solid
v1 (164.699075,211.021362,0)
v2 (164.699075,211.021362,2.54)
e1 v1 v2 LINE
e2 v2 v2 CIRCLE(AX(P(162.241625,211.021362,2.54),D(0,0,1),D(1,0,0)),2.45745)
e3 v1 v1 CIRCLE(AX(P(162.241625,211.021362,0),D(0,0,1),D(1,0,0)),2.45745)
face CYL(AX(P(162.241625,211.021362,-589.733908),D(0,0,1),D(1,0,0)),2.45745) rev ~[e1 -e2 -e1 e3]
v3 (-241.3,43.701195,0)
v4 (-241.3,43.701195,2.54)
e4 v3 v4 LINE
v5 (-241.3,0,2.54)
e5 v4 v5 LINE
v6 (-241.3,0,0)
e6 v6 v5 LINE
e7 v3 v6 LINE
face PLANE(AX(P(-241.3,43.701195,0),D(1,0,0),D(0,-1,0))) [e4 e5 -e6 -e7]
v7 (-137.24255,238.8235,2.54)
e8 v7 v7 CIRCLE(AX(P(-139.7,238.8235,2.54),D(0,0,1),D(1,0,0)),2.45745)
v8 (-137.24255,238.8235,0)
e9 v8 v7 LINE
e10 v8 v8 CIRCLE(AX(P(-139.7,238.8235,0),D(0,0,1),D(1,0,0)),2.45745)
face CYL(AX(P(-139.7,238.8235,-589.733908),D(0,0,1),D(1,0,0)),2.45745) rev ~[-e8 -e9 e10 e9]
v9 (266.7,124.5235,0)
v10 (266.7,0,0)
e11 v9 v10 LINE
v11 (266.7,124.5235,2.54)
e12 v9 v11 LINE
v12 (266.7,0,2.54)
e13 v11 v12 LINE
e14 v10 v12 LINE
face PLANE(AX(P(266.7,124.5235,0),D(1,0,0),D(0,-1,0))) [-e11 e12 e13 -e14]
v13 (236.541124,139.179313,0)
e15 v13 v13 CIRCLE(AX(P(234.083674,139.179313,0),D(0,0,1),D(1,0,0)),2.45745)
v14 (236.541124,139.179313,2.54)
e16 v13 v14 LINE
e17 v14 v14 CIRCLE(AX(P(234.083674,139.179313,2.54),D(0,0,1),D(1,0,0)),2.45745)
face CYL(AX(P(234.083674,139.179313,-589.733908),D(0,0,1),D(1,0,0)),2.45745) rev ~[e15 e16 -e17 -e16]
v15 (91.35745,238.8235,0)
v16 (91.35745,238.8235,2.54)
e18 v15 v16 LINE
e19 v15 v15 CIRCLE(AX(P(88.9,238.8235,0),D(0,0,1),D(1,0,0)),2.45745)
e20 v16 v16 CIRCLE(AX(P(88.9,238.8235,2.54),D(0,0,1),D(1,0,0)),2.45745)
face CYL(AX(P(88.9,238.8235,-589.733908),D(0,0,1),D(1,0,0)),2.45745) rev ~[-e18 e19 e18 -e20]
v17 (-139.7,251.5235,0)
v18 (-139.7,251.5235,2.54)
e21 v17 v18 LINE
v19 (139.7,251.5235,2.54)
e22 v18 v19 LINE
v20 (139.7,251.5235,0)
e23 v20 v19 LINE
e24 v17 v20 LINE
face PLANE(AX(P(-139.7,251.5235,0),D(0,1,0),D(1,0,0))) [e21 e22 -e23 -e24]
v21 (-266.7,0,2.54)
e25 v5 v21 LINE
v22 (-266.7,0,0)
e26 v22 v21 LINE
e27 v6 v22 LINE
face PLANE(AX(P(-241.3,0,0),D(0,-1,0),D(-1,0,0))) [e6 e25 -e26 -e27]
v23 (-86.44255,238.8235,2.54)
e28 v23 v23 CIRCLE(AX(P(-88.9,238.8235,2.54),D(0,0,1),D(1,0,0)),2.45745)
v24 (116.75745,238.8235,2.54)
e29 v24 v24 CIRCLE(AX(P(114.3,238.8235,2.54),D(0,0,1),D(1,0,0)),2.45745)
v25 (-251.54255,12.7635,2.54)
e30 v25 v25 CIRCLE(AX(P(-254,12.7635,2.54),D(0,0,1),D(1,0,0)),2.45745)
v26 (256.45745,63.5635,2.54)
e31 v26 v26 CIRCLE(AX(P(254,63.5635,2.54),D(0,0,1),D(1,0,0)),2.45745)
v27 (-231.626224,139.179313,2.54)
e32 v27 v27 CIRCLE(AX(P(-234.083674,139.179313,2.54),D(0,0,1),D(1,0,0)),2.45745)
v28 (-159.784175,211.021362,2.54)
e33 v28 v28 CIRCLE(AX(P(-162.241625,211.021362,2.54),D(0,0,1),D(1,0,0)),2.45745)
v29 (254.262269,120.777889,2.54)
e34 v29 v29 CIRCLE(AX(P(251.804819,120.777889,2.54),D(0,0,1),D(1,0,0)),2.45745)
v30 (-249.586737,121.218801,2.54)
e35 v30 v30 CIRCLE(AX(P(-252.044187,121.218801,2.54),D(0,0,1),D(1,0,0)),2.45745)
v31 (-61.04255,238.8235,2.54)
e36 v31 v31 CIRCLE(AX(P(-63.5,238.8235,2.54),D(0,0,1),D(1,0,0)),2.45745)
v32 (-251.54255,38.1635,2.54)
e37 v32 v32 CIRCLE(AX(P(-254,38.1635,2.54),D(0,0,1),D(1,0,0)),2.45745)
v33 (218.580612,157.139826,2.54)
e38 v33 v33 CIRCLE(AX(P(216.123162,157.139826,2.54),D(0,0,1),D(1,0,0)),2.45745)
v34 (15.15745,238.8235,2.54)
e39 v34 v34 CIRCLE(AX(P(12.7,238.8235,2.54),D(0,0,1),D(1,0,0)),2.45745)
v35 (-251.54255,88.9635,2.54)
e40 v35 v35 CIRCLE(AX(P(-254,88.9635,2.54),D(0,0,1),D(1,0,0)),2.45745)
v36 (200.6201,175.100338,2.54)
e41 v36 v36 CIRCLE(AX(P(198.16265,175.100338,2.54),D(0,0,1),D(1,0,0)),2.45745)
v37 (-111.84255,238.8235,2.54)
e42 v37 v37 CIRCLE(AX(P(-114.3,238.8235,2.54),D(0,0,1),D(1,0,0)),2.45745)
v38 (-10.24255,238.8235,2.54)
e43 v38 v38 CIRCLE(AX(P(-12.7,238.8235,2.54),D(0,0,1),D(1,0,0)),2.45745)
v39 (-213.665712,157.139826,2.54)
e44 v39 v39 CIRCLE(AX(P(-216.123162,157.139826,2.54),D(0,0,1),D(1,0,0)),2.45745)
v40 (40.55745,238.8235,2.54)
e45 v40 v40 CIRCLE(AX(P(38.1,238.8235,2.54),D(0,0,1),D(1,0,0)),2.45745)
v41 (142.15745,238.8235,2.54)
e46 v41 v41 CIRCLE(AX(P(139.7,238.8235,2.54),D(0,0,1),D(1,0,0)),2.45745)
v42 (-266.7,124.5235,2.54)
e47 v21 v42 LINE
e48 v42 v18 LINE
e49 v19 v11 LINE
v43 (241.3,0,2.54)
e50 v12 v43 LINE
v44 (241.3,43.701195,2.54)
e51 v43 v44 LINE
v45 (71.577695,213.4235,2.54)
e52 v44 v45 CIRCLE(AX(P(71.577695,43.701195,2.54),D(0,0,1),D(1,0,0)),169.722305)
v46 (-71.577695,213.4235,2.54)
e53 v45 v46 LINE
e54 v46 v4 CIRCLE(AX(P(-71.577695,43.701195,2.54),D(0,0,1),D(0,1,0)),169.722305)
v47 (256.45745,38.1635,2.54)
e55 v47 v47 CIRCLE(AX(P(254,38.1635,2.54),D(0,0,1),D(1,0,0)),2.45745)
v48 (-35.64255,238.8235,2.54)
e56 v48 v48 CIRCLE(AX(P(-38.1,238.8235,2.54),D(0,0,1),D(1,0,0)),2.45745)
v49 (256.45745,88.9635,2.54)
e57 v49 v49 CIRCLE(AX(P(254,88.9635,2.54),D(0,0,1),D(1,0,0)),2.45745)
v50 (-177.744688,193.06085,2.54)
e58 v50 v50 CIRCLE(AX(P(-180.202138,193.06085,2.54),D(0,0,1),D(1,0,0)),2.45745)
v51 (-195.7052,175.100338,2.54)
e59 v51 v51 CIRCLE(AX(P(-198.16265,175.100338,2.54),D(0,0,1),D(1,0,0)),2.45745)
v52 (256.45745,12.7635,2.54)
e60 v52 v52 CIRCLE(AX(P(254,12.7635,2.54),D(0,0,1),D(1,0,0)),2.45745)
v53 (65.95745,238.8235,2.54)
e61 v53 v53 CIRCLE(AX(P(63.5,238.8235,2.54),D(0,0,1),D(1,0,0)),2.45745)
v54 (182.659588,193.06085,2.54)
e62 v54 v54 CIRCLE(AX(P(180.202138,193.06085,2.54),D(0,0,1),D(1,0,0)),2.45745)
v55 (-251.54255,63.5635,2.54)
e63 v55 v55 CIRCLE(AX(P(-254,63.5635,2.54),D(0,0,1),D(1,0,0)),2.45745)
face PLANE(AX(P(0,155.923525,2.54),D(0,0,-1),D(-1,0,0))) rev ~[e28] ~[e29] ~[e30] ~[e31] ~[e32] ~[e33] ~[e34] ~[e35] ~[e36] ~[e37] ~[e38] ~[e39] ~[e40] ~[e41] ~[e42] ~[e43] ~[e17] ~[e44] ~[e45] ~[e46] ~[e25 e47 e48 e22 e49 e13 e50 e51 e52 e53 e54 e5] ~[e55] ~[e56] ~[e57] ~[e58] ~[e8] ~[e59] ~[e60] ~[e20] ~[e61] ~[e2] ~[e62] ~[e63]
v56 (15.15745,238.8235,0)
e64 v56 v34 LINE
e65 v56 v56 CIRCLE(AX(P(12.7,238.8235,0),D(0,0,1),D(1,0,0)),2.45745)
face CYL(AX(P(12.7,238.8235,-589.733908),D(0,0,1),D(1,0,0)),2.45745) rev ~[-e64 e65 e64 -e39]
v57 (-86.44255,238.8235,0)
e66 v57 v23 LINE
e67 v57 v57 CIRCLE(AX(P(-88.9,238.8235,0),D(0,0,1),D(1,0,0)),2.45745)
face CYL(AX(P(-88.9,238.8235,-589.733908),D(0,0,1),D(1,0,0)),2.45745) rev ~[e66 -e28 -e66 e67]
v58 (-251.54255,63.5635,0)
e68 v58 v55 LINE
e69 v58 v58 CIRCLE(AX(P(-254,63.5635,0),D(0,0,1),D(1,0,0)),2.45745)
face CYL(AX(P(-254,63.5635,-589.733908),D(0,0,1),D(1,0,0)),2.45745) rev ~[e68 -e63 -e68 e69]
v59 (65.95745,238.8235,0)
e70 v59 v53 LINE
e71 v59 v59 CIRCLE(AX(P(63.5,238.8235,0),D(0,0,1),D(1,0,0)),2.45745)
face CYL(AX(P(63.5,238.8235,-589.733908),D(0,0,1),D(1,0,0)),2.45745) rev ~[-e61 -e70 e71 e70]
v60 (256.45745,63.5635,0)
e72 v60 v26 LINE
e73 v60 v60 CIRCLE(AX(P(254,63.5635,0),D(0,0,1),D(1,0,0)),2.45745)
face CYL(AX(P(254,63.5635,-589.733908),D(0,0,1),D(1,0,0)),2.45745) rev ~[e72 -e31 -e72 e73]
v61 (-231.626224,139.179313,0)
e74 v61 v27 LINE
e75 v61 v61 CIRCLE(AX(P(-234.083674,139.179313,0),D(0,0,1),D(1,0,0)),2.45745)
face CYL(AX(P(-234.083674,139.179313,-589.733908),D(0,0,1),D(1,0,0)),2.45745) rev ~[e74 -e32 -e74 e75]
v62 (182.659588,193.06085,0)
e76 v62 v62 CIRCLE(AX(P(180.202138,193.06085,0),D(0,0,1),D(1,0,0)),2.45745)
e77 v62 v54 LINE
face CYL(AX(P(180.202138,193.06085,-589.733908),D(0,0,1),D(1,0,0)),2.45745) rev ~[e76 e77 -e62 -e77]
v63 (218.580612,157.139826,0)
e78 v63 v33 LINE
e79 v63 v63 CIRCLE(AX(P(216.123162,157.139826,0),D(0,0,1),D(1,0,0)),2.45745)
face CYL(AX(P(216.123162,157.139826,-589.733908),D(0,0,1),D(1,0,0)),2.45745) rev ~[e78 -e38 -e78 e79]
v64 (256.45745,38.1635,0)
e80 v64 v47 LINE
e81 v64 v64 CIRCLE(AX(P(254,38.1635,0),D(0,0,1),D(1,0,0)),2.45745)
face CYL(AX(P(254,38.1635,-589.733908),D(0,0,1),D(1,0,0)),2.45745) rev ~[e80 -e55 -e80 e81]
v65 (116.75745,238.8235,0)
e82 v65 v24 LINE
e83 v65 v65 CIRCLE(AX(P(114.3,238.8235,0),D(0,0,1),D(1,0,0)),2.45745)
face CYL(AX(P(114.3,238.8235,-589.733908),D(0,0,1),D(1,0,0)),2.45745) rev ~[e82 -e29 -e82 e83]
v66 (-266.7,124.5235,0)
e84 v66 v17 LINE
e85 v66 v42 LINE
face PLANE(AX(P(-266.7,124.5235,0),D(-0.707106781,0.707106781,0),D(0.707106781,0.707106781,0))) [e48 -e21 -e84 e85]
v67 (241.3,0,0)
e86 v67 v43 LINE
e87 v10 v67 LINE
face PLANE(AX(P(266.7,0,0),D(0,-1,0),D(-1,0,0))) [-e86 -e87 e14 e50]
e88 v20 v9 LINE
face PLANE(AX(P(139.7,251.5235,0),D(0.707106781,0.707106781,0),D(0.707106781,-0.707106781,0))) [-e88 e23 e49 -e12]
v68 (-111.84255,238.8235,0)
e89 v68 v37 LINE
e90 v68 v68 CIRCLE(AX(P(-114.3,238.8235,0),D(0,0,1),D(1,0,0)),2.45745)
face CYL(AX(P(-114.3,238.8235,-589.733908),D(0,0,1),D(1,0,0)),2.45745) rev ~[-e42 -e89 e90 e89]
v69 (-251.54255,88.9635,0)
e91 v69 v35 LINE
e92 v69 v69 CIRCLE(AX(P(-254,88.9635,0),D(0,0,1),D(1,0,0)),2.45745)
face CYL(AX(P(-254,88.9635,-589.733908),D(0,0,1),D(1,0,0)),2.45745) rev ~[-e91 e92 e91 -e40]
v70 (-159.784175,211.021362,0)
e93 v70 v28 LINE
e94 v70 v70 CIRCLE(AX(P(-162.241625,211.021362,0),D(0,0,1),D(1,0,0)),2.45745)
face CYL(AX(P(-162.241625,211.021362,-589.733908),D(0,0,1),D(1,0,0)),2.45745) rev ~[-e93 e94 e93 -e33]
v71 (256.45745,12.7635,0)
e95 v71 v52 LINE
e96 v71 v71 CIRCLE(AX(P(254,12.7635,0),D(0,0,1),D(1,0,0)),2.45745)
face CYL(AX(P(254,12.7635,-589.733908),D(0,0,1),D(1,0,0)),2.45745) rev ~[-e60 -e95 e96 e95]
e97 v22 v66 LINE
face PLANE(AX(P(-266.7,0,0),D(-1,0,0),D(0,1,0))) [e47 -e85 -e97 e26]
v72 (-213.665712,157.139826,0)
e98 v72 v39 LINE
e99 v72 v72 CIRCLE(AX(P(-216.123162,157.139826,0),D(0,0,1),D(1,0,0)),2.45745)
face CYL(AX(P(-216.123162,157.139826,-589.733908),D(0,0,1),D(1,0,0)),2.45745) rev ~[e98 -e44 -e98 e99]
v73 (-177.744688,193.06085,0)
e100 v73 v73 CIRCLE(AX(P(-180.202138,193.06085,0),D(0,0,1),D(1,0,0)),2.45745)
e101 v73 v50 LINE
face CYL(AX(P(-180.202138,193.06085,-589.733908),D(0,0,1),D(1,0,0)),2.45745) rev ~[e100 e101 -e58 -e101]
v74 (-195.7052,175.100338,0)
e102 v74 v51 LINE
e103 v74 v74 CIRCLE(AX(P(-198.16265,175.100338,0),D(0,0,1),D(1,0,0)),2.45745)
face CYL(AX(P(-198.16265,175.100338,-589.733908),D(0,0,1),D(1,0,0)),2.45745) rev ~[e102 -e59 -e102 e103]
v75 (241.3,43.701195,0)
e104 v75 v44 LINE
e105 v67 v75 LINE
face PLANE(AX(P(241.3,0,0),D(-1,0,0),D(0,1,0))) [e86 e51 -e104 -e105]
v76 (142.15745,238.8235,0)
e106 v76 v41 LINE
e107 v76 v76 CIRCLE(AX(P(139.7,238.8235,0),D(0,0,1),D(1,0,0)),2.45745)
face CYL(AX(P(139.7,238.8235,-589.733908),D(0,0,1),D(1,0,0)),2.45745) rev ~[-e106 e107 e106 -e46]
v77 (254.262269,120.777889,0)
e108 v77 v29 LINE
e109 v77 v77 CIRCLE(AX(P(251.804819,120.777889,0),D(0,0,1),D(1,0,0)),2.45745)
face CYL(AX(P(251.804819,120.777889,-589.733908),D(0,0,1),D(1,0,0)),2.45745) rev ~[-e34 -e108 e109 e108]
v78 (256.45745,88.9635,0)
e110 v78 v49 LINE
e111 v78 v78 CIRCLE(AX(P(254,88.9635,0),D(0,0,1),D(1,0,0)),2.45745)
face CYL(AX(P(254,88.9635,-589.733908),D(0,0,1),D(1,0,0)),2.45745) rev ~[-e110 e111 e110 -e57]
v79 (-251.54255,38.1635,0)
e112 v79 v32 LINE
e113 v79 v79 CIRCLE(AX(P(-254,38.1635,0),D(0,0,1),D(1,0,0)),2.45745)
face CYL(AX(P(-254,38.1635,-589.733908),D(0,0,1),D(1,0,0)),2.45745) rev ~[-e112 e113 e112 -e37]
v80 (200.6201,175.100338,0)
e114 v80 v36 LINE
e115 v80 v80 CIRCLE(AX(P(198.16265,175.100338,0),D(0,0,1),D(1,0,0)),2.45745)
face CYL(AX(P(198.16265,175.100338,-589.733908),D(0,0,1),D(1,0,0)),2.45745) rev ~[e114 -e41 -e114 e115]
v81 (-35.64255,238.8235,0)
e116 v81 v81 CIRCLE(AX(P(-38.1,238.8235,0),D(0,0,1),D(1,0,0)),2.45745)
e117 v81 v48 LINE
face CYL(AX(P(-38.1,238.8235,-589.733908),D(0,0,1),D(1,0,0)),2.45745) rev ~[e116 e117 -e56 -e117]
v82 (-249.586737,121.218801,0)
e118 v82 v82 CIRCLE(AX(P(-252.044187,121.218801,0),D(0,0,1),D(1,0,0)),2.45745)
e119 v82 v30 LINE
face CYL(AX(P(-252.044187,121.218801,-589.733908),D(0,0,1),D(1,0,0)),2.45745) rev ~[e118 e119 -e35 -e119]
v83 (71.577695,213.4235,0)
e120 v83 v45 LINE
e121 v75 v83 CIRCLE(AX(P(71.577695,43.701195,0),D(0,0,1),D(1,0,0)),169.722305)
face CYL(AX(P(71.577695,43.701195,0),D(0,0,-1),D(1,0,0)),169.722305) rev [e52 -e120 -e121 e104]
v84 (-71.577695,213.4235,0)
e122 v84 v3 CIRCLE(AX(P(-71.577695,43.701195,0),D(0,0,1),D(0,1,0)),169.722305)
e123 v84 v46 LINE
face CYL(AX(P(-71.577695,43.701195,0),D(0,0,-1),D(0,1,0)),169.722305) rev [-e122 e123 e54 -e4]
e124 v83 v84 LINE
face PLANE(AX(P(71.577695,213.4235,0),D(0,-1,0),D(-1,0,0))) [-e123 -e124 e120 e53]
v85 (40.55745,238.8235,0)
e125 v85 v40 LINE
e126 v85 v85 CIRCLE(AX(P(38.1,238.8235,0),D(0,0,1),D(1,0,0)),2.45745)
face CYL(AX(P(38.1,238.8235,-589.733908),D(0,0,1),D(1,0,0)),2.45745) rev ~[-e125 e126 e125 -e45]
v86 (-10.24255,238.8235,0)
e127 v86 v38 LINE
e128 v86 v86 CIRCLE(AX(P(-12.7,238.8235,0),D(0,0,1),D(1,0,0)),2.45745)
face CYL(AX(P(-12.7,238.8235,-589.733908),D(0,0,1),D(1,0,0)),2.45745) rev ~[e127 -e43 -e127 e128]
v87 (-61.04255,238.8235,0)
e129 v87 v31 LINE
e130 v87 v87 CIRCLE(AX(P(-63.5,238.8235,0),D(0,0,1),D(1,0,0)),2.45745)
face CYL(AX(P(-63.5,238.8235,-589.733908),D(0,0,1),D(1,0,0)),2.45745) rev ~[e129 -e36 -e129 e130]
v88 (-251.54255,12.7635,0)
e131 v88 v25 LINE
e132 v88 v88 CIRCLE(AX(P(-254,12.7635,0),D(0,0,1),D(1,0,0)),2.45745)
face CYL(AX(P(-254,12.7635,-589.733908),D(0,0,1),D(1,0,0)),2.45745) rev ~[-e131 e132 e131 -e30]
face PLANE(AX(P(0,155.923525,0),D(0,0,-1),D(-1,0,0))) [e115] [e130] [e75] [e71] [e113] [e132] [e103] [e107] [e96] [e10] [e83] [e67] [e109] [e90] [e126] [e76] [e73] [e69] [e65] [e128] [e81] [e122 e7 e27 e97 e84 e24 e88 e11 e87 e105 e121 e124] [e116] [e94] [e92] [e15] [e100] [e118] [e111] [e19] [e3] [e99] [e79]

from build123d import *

# Parameters (mm, degrees)
BOSS_EXTRUDE1_DEPTH   = 2.54
F_8_CLEARANCE_HOLE1_D = 4.9149


with BuildPart() as part:
    # Sketch1 → Boss-Extrude1 (new body)
    with BuildSketch(Plane.XY):
        with BuildLine():
            Line((266.7, 0), (241.3, 0))
            Line((241.3, 0), (241.3, 43.70119491))
            ThreePointArc((241.3, 43.70119491), (191.589487758, 163.712987758), (71.57769491, 213.4235))
            Line((71.57769491, 213.4235), (-71.57769491, 213.4235))
            ThreePointArc((-71.57769491, 213.4235), (-191.589487758, 163.712987758), (-241.3, 43.70119491))
            Line((-241.3, 43.70119491), (-241.3, 0))
            Line((-241.3, 0), (-266.7, 0))
            Line((-266.7, 0), (-266.7, 124.5235))
            Line((-266.7, 124.5235), (-139.7, 251.5235))
            Line((-139.7, 251.5235), (139.7, 251.5235))
            Line((139.7, 251.5235), (266.7, 124.5235))
            Line((266.7, 124.5235), (266.7, 0))
        make_face()
    extrude(amount=BOSS_EXTRUDE1_DEPTH)

    # #8 Clearance Hole1 (through all)
    with Locations(Plane(origin=(0, 0, 0), x_dir=(-1, 0, 0), z_dir=(0, 0, -1))):
        with Locations((-254, 12.7635), (-254, 38.1635), (-254, 63.5635), (-254, 88.9635), (-251.804819447, 120.777889402), (-234.083674396, 139.179313362), (-216.123162153, 157.139825604), (-198.162649911, 175.100337847), (-180.202137669, 193.060850089), (-162.241625427, 211.021362331), (-114.3, 238.8235), (-88.9, 238.8235), (-63.5, 238.8235), (-38.1, 238.8235), (-12.7, 238.8235), (12.7, 238.8235), (38.1, 238.8235), (63.5, 238.8235), (88.9, 238.8235), (114.3, 238.8235), (139.7, 238.8235), (162.241625427, 211.021362331), (180.202137669, 193.060850089), (198.162649911, 175.100337847), (216.123162153, 157.139825604), (234.083674396, 139.179313362), (252.044186638, 121.21880112), (254, 88.9635), (254, 63.5635), (254, 38.1635), (254, 12.7635), (-139.7, 238.8235)):
            Hole(F_8_CLEARANCE_HOLE1_D / 2)


solid = part.part
